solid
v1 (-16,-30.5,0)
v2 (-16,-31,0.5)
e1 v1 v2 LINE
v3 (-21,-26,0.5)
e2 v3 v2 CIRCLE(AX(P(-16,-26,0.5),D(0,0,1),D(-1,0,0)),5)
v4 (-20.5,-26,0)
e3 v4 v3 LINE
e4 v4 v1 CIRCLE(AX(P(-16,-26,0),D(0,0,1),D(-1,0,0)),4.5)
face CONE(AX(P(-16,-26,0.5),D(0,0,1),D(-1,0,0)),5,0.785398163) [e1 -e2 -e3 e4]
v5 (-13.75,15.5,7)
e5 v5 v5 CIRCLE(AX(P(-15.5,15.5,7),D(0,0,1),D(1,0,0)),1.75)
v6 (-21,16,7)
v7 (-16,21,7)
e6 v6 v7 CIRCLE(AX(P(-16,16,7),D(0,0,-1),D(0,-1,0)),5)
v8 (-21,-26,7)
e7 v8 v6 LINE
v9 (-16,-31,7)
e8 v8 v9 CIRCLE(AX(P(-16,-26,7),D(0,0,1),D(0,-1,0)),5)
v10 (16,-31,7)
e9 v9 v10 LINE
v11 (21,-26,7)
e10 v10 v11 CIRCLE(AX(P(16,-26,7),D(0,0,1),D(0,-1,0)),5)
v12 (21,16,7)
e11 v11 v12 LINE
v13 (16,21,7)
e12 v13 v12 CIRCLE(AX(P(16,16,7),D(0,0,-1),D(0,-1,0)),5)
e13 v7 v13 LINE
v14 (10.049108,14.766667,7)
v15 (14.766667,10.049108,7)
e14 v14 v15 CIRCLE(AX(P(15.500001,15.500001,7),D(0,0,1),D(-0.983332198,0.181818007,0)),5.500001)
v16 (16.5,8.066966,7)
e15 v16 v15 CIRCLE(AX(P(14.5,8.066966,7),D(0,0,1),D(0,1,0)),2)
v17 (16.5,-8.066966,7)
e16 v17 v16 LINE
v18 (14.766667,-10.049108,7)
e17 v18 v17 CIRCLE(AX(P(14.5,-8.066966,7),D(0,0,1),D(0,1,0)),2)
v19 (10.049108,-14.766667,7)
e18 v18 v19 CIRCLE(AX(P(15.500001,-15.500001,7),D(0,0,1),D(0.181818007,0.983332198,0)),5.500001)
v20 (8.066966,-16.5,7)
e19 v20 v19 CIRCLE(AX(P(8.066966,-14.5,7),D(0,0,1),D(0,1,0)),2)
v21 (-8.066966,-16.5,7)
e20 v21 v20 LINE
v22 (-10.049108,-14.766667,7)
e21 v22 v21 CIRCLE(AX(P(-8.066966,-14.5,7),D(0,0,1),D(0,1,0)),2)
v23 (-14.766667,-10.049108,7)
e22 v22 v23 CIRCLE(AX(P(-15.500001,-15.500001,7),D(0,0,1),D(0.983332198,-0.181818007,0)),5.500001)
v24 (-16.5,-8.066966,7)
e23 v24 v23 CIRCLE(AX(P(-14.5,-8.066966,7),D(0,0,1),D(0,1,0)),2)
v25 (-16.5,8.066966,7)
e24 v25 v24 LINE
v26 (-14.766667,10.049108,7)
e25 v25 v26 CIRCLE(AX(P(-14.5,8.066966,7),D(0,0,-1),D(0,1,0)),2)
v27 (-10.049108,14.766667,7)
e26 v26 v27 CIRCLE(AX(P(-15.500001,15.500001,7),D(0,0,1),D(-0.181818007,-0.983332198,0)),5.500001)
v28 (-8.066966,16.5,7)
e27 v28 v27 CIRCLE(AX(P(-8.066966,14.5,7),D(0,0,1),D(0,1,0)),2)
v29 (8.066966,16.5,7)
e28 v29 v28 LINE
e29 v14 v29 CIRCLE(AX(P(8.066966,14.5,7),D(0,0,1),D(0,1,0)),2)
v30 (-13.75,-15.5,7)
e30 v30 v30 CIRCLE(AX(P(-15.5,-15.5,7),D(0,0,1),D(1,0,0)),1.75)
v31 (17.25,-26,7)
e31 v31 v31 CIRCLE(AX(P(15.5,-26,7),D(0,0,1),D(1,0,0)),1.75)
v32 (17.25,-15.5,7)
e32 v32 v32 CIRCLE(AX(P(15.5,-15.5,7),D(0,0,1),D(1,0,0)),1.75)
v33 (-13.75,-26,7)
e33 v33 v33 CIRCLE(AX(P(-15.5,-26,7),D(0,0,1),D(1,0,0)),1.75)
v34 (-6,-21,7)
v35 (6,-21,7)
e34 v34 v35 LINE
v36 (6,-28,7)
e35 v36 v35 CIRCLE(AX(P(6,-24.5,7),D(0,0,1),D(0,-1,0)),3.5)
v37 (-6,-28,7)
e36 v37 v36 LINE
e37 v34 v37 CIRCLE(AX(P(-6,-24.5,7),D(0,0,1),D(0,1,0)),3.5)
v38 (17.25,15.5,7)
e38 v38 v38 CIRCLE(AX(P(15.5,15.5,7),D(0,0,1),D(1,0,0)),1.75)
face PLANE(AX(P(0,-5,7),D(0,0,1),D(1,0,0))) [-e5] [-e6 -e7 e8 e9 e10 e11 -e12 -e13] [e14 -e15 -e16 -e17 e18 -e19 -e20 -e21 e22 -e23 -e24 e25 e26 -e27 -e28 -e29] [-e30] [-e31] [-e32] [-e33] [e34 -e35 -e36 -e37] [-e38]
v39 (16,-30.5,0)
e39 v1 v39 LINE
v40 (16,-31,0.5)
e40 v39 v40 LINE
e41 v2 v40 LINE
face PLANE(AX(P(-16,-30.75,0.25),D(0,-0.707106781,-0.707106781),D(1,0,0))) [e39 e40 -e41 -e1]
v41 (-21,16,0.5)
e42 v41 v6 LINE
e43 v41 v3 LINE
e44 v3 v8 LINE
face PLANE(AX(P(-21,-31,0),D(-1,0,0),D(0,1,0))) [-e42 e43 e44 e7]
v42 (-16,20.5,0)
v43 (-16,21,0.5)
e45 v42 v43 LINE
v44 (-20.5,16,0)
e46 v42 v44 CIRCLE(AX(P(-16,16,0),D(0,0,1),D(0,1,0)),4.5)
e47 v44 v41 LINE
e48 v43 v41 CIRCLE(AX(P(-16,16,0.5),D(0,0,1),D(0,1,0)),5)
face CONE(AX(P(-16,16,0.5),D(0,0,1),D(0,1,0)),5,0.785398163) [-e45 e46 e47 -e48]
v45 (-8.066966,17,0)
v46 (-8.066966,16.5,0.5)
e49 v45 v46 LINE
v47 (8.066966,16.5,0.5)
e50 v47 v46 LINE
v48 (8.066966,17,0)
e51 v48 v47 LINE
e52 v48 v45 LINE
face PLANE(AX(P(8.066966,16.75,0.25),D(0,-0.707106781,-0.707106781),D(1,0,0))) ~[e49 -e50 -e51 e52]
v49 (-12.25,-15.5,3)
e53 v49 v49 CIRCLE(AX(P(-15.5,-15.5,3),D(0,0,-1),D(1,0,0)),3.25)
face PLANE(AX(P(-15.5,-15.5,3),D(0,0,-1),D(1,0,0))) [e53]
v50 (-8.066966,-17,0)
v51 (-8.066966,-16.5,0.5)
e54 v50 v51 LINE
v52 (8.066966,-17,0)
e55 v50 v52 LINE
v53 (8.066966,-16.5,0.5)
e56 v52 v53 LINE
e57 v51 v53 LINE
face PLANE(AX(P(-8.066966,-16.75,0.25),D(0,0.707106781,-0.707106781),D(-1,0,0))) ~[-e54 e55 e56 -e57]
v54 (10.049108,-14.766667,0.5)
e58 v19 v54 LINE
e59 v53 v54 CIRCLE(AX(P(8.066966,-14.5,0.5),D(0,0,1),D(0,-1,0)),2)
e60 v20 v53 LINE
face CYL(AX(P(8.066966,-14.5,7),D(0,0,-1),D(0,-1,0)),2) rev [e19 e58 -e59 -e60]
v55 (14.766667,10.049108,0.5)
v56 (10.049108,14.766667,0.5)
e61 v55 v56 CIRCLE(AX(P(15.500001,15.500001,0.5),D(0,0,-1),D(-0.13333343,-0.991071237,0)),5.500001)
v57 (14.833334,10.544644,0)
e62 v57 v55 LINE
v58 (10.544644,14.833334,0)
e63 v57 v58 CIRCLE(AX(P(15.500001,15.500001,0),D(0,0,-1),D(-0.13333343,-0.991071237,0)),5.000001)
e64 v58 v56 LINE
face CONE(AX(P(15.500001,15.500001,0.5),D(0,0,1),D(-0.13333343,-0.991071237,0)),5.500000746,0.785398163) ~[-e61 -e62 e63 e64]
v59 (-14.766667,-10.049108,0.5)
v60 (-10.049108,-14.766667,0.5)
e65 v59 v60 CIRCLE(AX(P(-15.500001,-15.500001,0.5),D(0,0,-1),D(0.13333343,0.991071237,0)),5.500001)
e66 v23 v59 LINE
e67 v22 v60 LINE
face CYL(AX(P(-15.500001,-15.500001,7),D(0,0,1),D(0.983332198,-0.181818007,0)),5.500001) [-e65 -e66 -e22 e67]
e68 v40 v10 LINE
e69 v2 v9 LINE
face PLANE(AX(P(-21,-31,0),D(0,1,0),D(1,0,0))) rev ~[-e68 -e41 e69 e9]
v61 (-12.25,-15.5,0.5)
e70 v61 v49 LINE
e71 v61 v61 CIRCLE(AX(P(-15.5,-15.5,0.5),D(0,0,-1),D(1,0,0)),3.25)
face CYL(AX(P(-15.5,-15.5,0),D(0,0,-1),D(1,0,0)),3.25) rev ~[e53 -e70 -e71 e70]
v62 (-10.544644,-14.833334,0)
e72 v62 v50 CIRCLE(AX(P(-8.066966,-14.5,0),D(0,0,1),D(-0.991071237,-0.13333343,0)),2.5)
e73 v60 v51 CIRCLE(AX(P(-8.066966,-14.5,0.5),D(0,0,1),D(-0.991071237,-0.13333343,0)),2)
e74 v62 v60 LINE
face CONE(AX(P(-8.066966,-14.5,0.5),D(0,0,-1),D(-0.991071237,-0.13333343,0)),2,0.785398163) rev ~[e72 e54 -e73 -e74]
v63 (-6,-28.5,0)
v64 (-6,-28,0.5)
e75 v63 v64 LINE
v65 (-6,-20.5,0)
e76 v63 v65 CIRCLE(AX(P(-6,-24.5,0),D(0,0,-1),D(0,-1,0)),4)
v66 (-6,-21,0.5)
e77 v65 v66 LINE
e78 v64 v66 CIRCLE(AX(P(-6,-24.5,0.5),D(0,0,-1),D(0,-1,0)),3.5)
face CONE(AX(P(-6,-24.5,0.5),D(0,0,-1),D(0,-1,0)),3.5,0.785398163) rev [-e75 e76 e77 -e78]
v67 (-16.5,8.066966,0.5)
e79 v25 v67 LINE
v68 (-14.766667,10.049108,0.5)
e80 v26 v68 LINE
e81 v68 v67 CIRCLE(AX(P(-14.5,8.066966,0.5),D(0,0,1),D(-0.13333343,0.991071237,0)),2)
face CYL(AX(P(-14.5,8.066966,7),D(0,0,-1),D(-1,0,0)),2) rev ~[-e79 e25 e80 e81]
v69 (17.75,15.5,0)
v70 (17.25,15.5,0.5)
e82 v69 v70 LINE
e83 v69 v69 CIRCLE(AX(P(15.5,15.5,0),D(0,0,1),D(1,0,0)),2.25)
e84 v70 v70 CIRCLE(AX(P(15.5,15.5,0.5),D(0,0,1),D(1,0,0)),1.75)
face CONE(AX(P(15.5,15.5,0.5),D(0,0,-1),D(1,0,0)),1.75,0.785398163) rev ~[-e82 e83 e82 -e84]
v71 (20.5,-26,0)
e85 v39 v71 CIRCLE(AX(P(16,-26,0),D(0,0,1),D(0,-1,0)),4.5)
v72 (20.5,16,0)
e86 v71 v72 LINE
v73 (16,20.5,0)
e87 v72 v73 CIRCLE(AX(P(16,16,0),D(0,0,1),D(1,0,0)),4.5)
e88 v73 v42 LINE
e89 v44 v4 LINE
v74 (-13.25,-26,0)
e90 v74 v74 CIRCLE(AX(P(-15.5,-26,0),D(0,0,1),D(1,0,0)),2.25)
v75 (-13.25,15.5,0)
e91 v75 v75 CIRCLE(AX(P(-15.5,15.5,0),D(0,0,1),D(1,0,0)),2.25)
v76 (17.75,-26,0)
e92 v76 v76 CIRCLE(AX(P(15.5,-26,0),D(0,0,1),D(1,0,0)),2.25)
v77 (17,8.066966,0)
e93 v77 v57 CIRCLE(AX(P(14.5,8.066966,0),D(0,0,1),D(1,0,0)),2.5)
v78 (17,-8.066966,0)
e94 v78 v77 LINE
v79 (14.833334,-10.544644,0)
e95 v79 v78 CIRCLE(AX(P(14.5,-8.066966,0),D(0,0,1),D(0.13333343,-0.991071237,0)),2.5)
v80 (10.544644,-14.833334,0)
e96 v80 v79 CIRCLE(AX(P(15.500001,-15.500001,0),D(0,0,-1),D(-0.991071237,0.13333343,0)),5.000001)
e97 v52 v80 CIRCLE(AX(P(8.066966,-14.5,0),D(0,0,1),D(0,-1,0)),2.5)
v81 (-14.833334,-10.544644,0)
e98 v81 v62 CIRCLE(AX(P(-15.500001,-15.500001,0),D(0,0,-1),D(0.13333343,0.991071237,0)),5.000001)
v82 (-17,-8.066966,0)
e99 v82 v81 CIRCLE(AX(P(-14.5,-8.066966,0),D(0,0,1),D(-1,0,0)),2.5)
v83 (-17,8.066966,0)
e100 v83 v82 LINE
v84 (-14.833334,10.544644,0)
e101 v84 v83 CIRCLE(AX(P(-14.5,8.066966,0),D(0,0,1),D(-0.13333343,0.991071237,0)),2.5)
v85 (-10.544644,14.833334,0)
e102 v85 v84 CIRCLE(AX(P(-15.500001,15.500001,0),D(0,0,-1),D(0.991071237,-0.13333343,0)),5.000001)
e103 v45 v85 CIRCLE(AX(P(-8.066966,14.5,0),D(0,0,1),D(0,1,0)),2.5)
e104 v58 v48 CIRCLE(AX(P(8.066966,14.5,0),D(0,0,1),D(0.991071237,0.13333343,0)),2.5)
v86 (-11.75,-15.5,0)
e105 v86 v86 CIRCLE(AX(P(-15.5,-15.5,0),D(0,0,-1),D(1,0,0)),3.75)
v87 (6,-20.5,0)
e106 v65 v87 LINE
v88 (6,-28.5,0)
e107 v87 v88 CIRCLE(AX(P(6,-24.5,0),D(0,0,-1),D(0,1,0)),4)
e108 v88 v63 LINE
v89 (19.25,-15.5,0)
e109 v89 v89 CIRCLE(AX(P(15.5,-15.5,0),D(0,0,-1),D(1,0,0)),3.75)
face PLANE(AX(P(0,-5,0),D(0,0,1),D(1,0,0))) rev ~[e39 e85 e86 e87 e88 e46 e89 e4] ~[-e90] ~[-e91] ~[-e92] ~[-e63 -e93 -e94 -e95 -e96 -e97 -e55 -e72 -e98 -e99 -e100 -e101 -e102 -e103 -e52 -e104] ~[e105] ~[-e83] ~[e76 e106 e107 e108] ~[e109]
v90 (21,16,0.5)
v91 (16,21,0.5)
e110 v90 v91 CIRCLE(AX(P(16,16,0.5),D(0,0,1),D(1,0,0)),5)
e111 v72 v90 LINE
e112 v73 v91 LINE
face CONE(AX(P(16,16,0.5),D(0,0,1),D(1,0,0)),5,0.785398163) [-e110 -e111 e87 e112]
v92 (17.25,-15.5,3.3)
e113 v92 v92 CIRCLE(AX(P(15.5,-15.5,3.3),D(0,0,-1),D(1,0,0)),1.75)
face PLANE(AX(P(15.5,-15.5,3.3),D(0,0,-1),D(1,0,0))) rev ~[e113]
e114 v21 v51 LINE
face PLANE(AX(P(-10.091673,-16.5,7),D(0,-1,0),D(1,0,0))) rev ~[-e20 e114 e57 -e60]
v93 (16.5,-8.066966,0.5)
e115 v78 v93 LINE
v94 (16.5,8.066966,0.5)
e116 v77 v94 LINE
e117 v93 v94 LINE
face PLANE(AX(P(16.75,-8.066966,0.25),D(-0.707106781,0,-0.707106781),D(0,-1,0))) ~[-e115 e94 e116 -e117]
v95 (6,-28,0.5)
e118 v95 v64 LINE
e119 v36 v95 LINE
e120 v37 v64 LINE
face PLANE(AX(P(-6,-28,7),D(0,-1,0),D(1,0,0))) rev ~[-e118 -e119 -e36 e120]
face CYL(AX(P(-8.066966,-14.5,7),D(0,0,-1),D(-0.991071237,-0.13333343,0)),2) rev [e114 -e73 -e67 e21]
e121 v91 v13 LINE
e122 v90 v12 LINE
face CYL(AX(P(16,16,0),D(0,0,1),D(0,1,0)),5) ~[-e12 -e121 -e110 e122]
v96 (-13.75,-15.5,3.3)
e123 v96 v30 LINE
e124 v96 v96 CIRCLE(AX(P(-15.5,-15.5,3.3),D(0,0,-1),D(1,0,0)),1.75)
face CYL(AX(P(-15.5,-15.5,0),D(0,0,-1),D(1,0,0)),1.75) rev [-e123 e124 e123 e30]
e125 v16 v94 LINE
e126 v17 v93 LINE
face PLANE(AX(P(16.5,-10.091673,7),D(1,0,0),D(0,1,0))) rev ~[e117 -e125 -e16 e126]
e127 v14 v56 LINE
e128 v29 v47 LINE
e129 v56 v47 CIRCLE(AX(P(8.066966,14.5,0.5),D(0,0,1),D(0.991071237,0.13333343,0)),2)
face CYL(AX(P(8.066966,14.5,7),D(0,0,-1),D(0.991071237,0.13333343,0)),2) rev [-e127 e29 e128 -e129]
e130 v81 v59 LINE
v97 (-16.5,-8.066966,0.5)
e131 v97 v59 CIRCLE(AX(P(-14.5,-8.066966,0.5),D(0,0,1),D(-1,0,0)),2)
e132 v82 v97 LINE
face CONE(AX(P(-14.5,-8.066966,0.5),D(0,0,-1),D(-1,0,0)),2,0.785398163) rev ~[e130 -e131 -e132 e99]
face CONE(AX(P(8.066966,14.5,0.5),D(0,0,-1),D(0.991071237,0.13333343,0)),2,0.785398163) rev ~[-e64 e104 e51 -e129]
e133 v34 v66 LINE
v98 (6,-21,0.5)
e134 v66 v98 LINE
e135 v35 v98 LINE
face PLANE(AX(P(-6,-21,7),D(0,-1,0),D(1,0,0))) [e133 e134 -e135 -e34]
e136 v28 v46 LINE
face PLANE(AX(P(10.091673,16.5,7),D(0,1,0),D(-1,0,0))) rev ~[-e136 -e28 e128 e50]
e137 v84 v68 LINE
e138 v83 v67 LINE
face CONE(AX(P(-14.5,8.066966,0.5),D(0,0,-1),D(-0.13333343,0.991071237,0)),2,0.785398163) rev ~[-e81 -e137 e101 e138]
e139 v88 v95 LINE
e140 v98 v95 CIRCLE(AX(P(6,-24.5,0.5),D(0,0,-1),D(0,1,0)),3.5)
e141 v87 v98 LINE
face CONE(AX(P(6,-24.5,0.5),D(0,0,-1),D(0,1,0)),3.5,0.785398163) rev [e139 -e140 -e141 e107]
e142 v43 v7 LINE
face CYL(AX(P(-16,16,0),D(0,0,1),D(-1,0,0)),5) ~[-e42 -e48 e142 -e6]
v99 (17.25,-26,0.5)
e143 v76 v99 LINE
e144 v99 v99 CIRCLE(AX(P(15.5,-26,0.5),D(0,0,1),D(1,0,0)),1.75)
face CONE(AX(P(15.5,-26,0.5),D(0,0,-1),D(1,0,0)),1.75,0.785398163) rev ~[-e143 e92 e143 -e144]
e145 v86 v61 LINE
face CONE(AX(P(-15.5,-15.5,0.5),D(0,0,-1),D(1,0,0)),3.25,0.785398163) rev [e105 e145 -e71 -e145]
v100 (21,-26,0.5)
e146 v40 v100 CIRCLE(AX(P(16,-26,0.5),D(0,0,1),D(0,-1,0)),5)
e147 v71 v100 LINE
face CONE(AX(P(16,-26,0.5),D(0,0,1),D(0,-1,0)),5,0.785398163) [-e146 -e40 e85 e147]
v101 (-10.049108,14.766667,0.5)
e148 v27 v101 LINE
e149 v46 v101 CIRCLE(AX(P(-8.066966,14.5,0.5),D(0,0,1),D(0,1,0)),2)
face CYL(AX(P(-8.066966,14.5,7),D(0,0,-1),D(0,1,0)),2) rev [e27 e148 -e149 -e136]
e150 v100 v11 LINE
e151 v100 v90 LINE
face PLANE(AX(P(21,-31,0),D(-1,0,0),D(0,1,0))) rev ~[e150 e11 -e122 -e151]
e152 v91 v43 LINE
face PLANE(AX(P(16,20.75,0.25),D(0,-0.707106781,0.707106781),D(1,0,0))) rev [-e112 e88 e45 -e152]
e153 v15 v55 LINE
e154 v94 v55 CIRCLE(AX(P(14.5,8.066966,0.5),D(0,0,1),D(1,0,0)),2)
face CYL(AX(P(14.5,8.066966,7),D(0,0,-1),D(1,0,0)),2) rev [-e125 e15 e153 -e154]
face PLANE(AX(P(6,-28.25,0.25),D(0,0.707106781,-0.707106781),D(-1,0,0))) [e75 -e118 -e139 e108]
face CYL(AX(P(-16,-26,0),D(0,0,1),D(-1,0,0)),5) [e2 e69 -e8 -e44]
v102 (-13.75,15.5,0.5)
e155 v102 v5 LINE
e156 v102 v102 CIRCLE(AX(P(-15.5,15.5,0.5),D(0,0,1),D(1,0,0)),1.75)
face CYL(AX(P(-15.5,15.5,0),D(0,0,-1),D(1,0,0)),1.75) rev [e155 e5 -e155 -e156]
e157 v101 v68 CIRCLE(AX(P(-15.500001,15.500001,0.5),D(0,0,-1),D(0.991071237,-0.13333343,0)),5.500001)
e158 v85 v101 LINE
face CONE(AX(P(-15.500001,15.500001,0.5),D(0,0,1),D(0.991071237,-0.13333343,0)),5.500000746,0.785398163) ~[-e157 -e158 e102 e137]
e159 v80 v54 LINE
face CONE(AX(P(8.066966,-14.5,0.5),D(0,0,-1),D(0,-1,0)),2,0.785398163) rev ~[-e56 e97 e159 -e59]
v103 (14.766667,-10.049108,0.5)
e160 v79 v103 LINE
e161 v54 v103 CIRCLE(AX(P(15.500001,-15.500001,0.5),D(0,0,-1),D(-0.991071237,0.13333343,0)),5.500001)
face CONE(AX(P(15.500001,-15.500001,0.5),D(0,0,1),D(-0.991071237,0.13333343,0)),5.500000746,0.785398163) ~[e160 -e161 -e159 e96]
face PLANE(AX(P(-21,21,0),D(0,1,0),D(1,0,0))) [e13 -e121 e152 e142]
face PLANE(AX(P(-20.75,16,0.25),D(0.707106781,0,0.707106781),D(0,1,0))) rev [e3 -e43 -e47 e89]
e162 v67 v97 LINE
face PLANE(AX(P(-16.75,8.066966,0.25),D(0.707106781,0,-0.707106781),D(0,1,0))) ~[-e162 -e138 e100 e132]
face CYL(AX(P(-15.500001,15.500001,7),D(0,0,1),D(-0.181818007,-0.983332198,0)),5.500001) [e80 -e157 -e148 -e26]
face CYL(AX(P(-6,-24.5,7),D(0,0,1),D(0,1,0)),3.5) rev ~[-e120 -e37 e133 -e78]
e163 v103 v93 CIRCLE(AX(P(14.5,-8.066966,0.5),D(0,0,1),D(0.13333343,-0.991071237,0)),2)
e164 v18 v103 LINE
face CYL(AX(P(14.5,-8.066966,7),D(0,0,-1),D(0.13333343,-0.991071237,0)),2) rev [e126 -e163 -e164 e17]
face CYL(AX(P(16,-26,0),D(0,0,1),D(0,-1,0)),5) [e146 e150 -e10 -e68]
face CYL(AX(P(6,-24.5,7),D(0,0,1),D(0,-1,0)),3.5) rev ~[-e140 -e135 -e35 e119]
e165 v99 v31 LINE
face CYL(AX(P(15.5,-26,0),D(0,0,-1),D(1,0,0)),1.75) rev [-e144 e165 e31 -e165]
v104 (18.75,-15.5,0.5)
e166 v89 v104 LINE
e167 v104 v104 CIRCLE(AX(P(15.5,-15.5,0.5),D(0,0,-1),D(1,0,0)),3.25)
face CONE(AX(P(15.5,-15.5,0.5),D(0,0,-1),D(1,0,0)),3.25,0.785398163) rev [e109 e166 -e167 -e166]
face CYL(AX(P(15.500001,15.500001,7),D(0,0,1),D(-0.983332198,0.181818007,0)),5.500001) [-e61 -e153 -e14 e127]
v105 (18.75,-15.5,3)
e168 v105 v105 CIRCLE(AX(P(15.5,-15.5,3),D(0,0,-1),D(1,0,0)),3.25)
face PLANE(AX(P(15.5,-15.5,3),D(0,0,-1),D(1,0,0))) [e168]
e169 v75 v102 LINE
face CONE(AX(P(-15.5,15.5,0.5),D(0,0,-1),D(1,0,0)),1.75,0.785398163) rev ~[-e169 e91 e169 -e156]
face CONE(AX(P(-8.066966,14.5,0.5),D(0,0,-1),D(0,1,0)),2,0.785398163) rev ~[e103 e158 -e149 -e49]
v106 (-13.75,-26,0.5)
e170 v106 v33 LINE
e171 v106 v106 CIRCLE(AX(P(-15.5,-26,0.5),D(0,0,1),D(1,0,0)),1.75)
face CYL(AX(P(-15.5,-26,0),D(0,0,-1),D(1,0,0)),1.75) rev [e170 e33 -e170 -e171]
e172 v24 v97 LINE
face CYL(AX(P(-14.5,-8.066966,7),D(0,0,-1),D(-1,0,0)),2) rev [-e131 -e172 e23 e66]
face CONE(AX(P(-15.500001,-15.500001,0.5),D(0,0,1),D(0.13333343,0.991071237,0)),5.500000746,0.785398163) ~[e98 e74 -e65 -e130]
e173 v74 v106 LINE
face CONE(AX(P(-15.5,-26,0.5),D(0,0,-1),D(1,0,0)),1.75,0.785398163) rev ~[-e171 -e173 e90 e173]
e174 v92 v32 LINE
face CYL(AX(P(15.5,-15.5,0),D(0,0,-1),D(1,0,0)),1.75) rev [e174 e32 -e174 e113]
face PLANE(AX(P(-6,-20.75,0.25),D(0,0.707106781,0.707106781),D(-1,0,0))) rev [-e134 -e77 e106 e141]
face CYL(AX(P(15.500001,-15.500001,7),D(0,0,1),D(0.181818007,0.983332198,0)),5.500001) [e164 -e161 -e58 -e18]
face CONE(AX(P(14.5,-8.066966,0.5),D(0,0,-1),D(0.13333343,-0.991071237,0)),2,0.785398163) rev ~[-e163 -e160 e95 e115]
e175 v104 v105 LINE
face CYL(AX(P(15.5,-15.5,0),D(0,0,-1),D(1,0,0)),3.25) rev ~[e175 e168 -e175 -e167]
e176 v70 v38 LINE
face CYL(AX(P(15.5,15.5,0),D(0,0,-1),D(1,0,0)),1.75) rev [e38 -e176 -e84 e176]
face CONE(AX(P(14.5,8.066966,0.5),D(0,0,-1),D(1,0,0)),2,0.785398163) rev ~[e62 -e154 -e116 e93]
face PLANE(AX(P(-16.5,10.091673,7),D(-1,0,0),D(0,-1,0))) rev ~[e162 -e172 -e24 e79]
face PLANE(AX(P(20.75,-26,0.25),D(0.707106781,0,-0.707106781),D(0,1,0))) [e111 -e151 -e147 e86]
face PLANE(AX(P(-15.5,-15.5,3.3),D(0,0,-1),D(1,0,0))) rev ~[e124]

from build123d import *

# Parameters (mm, degrees)
SKETCH_W        = 42
SKETCH_H        = 52
SKETCH_R        = 1.75
PAD_DEPTH       = 7
SKETCH001_R     = 3.25
POCKET_DEPTH    = 3
POCKET001_DEPTH = 7.001
FILLET_R        = 5
FILLET001_R     = 2
CHAMFER_SIZE    = 0.5
CHAMFER001_SIZE = 0.5
CHAMFER002_SIZE = 0.5
CHAMFER003_SIZE = 0.5
SKETCH003_R     = 1.75
PAD001_DEPTH    = 0.3


with BuildPart() as part:
    # Sketch → Pad (new body)
    with BuildSketch(Plane.XY):
        with Locations((0, -5)):
            Rectangle(SKETCH_W, SKETCH_H)
        with Locations((-15.5, 15.5)):
            Circle(SKETCH_R, mode=Mode.SUBTRACT)
        with Locations((15.5, 15.5)):
            Circle(SKETCH_R, mode=Mode.SUBTRACT)
        with Locations((15.5, -15.5)):
            Circle(SKETCH_R, mode=Mode.SUBTRACT)
        with Locations((-15.5, -15.5)):
            Circle(SKETCH_R, mode=Mode.SUBTRACT)
        with Locations((-15.5, -26)):
            Circle(SKETCH_R, mode=Mode.SUBTRACT)
        with Locations((15.5, -26)):
            Circle(SKETCH_R, mode=Mode.SUBTRACT)
    extrude(amount=PAD_DEPTH)

    # Sketch001 → Pocket (cut)
    with BuildSketch(Plane(origin=(0, 0, 0), x_dir=(1, 0, 0), z_dir=(0, 0, -1))):
        with Locations((-15.5, 15.5)):
            Circle(SKETCH001_R)
        with Locations((15.5, 15.5)):
            Circle(SKETCH001_R)
    extrude(amount=-POCKET_DEPTH, mode=Mode.SUBTRACT)

    # Sketch002 → Pocket001 (cut, through all)
    with BuildSketch(Plane.XY.offset(7)):
        with BuildLine():
            ThreePointArc((-6, -21), (-9.5, -24.5), (-6, -28))
            Line((-6, -28), (6, -28))
            ThreePointArc((6, -28), (9.5, -24.5), (6, -21))
            Line((-6, -21), (6, -21))
        make_face()
        with BuildLine():
            ThreePointArc((-16.5, 10.091673), (-11.610913, 11.610913), (-10.091673, 16.5))
            Line((10.091673, 16.5), (-10.091673, 16.5))
            ThreePointArc((10.091673, 16.5), (11.610913, 11.610913), (16.5, 10.091673))
            Line((16.5, -10.091673), (16.5, 10.091673))
            ThreePointArc((16.5, -10.091673), (11.610913, -11.610913), (10.091673, -16.5))
            Line((-10.091673, -16.5), (10.091673, -16.5))
            ThreePointArc((-10.091673, -16.5), (-11.610913, -11.610913), (-16.5, -10.091673))
            Line((-16.5, 10.091673), (-16.5, -10.091673))
        make_face()
    extrude(amount=-POCKET001_DEPTH, mode=Mode.SUBTRACT)

    # Fillet
    fillet_edges = [part.edges().sort_by_distance(p)[0] for p in [
        (-21, -31, 3.5),
        (21, -31, 3.5),
        (21, 21, 3.5),
        (-21, 21, 3.5),
    ]]
    fillet(fillet_edges, radius=FILLET_R)

    # Fillet001
    fillet001_edges = [part.edges().sort_by_distance(p)[0] for p in [
        (-10.091673, -16.5, 3.5),
        (-16.5, -10.091673, 3.5),
        (-16.5, 10.091673, 3.5),
        (-10.091673, 16.5, 3.5),
        (10.091673, 16.5, 3.5),
        (16.5, 10.091673, 3.5),
        (16.5, -10.091673, 3.5),
        (10.091673, -16.5, 3.5),
    ]]
    fillet(fillet001_edges, radius=FILLET001_R)

    # Chamfer
    chamfer_edges = [part.edges().sort_by_distance(p)[0] for p in [
        (21, -5, 0),
    ]]
    chamfer(chamfer_edges, length=CHAMFER_SIZE)

    # Chamfer001
    chamfer001_edges = [part.edges().sort_by_distance(p)[0] for p in [
        (-16.5, 0, 0),
    ]]
    chamfer(chamfer001_edges, length=CHAMFER001_SIZE)

    # Chamfer002
    chamfer002_edges = [part.edges().sort_by_distance(p)[0] for p in [
        (-18.75, -15.5, 0),
        (12.25, -15.5, 0),
        (-17.25, 15.5, 0),
        (13.75, 15.5, 0),
        (13.75, -26, 0),
        (-17.25, -26, 0),
    ]]
    chamfer(chamfer002_edges, length=CHAMFER002_SIZE)

    # Chamfer003
    chamfer003_edges = [part.edges().sort_by_distance(p)[0] for p in [
        (0, -21, 0),
    ]]
    chamfer(chamfer003_edges, length=CHAMFER003_SIZE)

    # Sketch003 → Pad001 (new body)
    with BuildSketch(Plane(origin=(0, 0, 3), x_dir=(1, 0, 0), z_dir=(0, 0, -1))):
        with Locations((-15.5, 15.5)):
            Circle(SKETCH003_R)
        with Locations((15.5, 15.5)):
            Circle(SKETCH003_R)
    extrude(amount=-PAD001_DEPTH)


solid = part.part
